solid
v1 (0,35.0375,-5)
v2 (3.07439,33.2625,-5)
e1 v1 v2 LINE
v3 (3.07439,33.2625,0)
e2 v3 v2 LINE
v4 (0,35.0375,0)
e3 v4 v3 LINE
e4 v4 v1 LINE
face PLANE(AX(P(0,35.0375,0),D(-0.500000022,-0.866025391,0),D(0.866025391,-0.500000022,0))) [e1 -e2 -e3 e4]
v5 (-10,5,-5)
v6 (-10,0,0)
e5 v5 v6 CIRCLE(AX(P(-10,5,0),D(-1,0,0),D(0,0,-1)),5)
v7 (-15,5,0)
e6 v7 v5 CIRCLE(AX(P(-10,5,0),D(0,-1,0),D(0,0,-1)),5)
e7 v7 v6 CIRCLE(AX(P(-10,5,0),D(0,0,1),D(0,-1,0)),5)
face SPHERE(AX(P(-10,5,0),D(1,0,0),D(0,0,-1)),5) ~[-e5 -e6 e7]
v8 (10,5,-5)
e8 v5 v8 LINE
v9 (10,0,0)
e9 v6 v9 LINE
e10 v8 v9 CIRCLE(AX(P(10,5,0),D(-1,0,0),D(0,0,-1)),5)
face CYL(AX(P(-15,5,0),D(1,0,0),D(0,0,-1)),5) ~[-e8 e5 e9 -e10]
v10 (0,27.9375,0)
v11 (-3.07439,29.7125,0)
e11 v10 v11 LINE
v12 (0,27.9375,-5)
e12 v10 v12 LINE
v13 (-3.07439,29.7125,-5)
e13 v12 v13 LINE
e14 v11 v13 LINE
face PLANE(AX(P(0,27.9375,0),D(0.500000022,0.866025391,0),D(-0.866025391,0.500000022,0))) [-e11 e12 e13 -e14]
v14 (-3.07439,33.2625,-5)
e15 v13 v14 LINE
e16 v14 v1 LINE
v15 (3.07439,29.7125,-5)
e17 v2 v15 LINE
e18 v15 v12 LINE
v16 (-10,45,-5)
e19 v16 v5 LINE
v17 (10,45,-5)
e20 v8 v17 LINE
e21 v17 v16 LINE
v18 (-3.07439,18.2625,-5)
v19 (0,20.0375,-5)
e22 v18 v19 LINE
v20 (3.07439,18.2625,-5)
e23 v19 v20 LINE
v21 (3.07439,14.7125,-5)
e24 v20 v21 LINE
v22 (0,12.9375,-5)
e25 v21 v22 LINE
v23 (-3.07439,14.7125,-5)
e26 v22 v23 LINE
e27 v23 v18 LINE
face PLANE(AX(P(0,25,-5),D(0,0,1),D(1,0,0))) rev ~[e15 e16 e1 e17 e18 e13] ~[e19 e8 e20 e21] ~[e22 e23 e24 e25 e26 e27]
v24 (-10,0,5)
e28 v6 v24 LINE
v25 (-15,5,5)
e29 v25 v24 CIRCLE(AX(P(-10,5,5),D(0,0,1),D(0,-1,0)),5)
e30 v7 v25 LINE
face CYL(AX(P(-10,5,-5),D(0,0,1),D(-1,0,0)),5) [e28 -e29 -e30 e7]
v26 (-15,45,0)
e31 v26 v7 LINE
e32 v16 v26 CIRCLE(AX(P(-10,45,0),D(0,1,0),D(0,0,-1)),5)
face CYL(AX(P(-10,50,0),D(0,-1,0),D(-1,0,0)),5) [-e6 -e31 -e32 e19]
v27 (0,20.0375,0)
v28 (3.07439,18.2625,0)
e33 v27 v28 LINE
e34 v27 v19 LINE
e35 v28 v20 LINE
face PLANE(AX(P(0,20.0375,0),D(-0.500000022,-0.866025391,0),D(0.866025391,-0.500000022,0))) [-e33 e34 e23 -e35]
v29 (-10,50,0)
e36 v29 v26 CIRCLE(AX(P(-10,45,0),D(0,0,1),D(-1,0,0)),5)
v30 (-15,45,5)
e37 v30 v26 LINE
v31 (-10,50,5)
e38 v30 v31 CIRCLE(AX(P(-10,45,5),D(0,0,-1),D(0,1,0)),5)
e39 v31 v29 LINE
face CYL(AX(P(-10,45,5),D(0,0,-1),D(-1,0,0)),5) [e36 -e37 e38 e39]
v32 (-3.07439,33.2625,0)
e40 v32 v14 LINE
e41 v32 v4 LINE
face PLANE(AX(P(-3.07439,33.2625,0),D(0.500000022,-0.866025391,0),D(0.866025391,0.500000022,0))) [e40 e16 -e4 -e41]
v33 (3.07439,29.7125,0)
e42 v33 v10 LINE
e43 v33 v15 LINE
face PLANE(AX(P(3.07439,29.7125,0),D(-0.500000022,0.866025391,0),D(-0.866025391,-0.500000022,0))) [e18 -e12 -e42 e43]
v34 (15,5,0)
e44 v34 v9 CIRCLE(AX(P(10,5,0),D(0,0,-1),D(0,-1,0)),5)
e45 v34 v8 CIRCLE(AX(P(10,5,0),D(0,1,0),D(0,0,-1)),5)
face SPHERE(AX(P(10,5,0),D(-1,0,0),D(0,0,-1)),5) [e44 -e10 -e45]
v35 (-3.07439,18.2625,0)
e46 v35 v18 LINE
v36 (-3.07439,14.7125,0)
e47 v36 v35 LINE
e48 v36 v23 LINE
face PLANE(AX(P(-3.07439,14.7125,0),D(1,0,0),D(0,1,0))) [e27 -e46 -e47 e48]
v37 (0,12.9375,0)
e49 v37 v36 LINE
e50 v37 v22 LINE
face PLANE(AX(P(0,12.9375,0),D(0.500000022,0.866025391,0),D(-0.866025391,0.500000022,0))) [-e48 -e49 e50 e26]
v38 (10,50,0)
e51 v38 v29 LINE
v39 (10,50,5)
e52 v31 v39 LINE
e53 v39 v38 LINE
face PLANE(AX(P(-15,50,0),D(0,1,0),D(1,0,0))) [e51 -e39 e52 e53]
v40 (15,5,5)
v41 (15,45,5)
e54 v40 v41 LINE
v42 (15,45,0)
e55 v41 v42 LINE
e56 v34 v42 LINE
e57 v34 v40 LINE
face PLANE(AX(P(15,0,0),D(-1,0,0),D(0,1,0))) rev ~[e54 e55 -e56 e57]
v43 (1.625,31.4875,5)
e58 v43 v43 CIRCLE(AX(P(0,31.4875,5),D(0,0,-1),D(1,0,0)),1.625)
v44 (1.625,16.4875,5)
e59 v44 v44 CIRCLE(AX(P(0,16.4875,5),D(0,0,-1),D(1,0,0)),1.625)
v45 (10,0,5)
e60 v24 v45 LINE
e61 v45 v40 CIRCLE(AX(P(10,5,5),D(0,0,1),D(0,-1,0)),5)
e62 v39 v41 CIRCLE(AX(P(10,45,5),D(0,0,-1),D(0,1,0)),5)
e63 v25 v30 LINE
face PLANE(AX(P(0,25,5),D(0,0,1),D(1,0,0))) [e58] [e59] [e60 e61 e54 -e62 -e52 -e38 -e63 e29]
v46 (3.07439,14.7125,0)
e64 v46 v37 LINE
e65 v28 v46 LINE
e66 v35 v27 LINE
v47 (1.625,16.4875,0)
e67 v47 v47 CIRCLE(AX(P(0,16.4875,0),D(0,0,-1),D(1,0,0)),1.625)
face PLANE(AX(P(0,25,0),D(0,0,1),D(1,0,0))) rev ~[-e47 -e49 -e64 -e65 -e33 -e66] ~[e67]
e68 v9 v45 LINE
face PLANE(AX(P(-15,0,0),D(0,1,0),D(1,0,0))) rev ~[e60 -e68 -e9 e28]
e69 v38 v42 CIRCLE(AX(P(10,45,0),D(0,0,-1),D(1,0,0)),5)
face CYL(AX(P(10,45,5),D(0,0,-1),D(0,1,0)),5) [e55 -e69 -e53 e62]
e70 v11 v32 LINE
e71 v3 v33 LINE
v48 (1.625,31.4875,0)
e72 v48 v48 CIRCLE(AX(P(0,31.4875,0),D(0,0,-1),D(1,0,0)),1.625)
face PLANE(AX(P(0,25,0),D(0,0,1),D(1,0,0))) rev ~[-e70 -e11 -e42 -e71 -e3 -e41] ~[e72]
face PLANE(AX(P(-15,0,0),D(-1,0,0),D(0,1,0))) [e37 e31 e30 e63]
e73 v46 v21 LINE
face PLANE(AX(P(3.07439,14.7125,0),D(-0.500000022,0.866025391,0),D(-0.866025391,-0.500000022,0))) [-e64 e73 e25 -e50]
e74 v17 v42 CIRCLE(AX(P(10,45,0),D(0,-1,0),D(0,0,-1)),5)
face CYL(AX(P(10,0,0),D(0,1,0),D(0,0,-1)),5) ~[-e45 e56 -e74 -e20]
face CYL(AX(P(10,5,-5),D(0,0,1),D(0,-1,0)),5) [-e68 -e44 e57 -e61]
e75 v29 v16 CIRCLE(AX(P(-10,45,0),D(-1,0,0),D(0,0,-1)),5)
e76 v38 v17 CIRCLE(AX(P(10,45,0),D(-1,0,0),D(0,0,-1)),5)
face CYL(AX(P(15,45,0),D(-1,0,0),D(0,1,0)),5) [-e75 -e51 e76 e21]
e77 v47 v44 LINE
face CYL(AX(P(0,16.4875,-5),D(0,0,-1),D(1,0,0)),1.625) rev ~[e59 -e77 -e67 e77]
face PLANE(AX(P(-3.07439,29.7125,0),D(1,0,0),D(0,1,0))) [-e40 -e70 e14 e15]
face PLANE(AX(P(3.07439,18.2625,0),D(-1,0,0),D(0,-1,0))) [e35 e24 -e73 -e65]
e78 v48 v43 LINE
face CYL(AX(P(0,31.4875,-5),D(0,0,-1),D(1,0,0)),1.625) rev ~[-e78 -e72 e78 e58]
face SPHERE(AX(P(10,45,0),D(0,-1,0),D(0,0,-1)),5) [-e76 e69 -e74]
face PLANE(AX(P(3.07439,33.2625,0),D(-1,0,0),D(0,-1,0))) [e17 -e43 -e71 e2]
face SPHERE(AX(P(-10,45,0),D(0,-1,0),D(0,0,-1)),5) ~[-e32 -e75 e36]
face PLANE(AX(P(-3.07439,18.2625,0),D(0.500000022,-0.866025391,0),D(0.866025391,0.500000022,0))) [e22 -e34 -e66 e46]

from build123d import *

# Parameters (mm, degrees)
F1_DEPTH = 5
F2_W     = 30
F2_H     = 50
F3_DEPTH = 5
F4_R     = 1.625
F5_DEPTH = 25
F6_R     = 5


with BuildPart() as f1:
    # F0 (on Top) → F1 (new body)
    with BuildSketch(Plane.XY):
        Polygon((-15, 50), (-15, 0), (0, 0), (15, 0), (15, 50), (0, 50), align=None)
        Polygon((3.07439, 18.2625), (3.07439, 14.7125), (0, 12.9375), (-3.07439, 14.7125), (-3.07439, 18.2625), (0, 20.0375), align=None, mode=Mode.SUBTRACT)
        Polygon((3.07439, 29.7125), (0, 27.9375), (-3.07439, 29.7125), (-3.07439, 33.2625), (0, 35.0375), (3.07439, 33.2625), align=None, mode=Mode.SUBTRACT)
    extrude(amount=-F1_DEPTH)

    # F2 (on Top) → F3 (join)
    with BuildSketch(Plane.XY):
        with Locations((0, 25)):
            Rectangle(F2_W, F2_H)
    extrude(amount=F3_DEPTH)

    # F4 (on face) → F5 (cut)
    with BuildSketch(Plane(origin=(0, 0, -5), x_dir=(1, 0, 0), z_dir=(0, 0, -1))):
        with Locations((0, -16.4875)):
            Circle(F4_R)
        with Locations((0, -31.4875)):
            Circle(F4_R)
    extrude(amount=-F5_DEPTH, mode=Mode.SUBTRACT)

    # F6
    f6_edges = [f1.edges().sort_by_distance(p)[0] for p in [
        (0, 0, -5),
        (-15, 25, -5),
        (15, 25, -5),
        (0, 50, -5),
        (15, 50, 0),
        (-15, 0, 0),
        (-15, 50, 0),
        (15, 0, 0),
    ]]
    fillet(f6_edges, radius=F6_R)


solid = f1.part
